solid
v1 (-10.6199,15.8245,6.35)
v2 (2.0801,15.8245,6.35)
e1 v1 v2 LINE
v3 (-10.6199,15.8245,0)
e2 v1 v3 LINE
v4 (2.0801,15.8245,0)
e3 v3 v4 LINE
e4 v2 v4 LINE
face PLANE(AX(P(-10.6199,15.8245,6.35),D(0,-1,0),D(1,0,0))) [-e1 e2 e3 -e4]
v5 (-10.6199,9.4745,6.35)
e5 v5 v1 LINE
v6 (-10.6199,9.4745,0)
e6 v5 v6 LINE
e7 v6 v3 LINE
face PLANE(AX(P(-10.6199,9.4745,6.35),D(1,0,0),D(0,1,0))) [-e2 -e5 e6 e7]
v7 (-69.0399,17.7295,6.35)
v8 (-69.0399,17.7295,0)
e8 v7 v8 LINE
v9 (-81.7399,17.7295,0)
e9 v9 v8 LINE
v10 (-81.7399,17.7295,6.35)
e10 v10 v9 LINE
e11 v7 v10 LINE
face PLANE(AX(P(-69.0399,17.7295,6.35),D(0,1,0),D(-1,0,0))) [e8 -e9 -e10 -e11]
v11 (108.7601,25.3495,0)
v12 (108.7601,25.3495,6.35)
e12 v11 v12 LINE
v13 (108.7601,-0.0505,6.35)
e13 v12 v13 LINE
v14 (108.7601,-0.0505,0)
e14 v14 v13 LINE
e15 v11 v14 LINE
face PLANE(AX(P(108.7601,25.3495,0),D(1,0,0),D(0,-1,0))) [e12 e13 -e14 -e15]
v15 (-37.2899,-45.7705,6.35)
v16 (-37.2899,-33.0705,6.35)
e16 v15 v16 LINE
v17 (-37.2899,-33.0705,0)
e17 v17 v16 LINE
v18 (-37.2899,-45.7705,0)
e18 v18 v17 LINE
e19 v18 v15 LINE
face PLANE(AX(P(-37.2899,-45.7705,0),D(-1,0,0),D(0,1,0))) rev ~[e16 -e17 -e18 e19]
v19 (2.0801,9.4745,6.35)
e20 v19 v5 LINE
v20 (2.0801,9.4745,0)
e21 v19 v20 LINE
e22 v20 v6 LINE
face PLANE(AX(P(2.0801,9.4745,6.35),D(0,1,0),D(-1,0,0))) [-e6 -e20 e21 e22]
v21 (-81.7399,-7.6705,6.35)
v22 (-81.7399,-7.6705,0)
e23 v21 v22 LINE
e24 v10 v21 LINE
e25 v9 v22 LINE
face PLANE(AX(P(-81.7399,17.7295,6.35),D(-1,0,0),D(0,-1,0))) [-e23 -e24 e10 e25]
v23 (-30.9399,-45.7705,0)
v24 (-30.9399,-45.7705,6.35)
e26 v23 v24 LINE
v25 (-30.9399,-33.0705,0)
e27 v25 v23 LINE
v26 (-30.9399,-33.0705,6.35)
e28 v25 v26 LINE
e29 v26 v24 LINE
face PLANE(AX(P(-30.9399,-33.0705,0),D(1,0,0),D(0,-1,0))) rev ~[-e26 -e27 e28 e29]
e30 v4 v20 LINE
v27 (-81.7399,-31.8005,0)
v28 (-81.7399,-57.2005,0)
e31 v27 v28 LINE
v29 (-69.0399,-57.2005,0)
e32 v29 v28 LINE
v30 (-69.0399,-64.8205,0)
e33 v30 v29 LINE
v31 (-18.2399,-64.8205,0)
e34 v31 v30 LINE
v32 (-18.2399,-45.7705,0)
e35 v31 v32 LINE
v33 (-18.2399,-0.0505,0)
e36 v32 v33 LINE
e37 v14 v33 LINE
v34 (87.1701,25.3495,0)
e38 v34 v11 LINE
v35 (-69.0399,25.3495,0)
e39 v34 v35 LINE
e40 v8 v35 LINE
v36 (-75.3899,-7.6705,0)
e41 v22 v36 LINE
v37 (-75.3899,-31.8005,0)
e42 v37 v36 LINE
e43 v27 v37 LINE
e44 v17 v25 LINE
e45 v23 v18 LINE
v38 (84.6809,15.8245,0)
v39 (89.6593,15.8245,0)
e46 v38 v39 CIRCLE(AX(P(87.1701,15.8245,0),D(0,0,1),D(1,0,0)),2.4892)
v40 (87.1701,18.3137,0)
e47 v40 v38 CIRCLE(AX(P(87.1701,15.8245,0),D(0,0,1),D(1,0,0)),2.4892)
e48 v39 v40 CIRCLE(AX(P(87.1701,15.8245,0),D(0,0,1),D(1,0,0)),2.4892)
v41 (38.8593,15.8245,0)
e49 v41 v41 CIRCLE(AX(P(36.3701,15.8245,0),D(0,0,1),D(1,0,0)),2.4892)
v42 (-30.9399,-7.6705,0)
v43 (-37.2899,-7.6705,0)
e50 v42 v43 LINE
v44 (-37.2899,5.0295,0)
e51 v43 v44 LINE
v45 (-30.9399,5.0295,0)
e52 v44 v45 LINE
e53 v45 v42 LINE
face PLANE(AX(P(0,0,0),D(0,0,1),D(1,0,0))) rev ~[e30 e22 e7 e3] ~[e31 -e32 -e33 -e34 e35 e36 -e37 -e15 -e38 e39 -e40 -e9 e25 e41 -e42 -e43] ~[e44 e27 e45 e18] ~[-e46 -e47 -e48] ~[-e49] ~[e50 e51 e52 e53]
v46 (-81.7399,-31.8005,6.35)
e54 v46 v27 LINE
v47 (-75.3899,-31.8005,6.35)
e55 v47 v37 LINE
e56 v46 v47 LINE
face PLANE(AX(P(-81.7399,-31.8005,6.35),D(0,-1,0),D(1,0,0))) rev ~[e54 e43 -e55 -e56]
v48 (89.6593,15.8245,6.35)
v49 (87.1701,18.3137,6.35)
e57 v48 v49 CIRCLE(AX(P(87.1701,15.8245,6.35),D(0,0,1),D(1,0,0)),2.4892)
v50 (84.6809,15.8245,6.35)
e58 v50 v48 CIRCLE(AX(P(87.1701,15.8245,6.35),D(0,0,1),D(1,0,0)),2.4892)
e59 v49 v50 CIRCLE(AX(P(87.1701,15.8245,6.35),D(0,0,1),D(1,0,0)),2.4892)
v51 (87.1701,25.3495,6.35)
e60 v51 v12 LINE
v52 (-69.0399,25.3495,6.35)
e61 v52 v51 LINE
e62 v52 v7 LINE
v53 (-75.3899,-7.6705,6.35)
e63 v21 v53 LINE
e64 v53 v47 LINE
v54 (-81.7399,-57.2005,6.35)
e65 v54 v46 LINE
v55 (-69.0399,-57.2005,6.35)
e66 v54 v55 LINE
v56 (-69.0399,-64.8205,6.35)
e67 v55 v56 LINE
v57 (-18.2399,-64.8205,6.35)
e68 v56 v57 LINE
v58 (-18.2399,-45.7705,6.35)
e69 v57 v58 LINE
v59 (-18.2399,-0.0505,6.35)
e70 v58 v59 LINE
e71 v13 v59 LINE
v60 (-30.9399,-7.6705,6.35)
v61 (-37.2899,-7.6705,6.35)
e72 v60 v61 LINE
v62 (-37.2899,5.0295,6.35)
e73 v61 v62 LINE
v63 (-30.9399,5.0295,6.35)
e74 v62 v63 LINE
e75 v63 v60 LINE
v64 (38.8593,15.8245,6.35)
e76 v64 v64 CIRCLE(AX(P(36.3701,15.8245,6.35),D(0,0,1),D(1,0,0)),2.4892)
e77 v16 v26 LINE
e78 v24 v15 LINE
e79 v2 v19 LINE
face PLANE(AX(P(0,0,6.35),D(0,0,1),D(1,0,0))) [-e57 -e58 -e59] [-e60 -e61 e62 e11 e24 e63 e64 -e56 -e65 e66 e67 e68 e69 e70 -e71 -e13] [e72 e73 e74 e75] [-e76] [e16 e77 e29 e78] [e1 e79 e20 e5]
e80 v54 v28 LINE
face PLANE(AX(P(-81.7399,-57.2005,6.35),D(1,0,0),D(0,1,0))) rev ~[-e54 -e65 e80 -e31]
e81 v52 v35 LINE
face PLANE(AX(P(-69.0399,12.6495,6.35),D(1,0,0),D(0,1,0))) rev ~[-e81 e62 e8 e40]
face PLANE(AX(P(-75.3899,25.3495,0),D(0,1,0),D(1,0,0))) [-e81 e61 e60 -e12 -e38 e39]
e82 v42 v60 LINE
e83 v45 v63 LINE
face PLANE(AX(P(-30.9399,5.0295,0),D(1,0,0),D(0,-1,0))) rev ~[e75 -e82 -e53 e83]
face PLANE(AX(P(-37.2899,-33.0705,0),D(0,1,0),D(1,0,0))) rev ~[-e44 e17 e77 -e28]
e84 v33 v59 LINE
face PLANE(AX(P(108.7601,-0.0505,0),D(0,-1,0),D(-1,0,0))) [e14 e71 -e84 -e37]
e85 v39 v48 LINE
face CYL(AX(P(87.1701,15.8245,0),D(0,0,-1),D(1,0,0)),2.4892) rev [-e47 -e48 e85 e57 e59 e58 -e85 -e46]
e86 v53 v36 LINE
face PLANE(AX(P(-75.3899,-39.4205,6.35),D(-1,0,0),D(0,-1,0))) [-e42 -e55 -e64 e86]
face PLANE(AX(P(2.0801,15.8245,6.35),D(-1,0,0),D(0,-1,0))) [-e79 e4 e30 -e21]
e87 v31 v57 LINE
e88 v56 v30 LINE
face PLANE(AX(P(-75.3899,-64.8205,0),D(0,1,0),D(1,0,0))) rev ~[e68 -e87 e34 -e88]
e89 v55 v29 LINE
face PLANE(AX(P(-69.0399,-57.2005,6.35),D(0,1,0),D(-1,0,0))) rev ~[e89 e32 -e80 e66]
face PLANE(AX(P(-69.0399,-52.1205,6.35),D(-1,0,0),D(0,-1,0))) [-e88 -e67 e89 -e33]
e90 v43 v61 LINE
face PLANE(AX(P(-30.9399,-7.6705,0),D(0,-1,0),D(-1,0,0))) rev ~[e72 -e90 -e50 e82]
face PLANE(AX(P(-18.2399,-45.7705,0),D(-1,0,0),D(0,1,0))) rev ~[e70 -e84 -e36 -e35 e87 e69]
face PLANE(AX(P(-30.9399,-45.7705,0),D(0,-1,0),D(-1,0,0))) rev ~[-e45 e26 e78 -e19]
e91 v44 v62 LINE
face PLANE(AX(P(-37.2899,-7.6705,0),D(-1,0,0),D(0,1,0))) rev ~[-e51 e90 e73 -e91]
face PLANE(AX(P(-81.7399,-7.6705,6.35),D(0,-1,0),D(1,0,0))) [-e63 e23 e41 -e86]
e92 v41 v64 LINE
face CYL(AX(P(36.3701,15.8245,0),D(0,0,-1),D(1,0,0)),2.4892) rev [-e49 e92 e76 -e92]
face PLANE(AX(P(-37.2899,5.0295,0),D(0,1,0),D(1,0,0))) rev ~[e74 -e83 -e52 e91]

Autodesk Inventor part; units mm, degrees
ref_plane "YZ Plane" through (0, 0, 0) normal (1, 0, 0) x (0, 1, 0)
ref_plane "XZ Plane" through (0, 0, 0) normal (0, 1, 0) x (-1, 0, 0)
ref_plane "XY Plane" through (0, 0, 0) normal (0, 0, 1) x (1, 0, 0)
sketch "Sketch2" plane through (0, 0, 0) normal (0, 0, 1) x (1, 0, 0)
  line L0 (-75.3899, 25.3495) -> (108.7601, 25.3495)
  line L1 (108.7601, 25.3495) -> (108.7601, -0.0505)
  line L2 (108.7601, -0.0505) -> (-18.2399, -0.0505)
  line L3 (-75.3899, 25.3495) -> (-75.3899, -64.8205)
  line L4 (-75.3899, -64.8205) -> (-18.2399, -64.8205)
  line L5 (-18.2399, -64.8205) -> (-18.2399, -0.0505)
  line L6 (-75.3899, 25.3495) -> (-81.7399, 25.3495)
  line L7 (-81.7399, 25.3495) -> (-81.7399, -0.0505)
  line L8 (-81.7399, -0.0505) -> (-75.3899, -0.0505)
  line L9 (-75.3899, -64.8205) -> (-81.7399, -64.8205)
  line L10 (-81.7399, -64.8205) -> (-81.7399, -39.4205)
  line L11 (-81.7399, -39.4205) -> (-75.3899, -39.4205)
  line L12 (108.7601, 25.3495) -> (87.1701, 25.3495)
  line L13 (87.1701, 25.3495) -> (87.1701, 15.8245)
  line L14 (87.1701, 15.8245) -> (36.3701, 15.8245)
  circle A0 centre (36.3701, 15.8245) radius 2.4892
  circle A1 centre (87.1701, 15.8245) radius 2.4892
  line L15 (-18.2399, -64.8205) -> (-18.2399, -45.7705)
  line L16 (-18.2399, -45.7705) -> (-37.2899, -45.7705)
  line L17 (-37.2899, -45.7705) -> (-37.2899, -33.0705)
  line L18 (-37.2899, -33.0705) -> (-30.9399, -33.0705)
  line L19 (-30.9399, -33.0705) -> (-30.9399, -7.6705)
  line L20 (-30.9399, -7.6705) -> (-37.2899, -7.6705)
  line L21 (-37.2899, -7.6705) -> (-37.2899, 5.0295)
  line L22 (-37.2899, 5.0295) -> (-30.9399, 5.0295)
  line L23 (-30.9399, 5.0295) -> (-30.9399, -7.6705)
  line L24 (-30.9399, -33.0705) -> (-30.9399, -45.7705)
  point P0 (0, 0)
  dimension "d5" = 184.15
  dimension "d6" = 25.4
  dimension "d7" = 127
  dimension "d8" = 90.17
  dimension "d9" = 6.35
  dimension "d10" = 25.4
  dimension "d11" = 25.4
  dimension "d12" = 21.59
  dimension "d13" = 9.525
  dimension "d14" = 50.8
  dimension "d15" = 4.9784
  dimension "d16" = 4.9784
  dimension "d17" = 19.05
  dimension "d18" = 19.05
  dimension "d19" = 12.7
  dimension "d20" = 6.35
  dimension "d21" = 25.4
  dimension "d22" = 6.35
  dimension "d23" = 12.7
extrude "Extrusion1" add sketch "Sketch2" along normal blind 6.35
sketch "Sketch3" plane through (0, 0, 6.35) normal (0, 0, 1) x (1, 0, 0)
  line L0 (-81.7399, 25.3495) -> (108.7601, 25.3495) projected
  line L1 (-81.7399, -0.0505) -> (-81.7399, 25.3495) projected
  line L2 (-75.3899, -0.0505) -> (-81.7399, -0.0505) projected
  line L3 (-81.7399, -39.4205) -> (-75.3899, -39.4205) projected
  line L4 (-81.7399, -64.8205) -> (-81.7399, -39.4205) projected
  line L5 (-18.2399, -64.8205) -> (-81.7399, -64.8205) projected
  line L6 (-75.3899, -0.0505) -> (-75.3899, 12.6495)
  line L7 (-75.3899, 12.6495) -> (-69.0399, 12.6495)
  line L8 (-69.0399, 12.6495) -> (-69.0399, 25.3495)
  line L9 (-75.3899, -39.4205) -> (-75.3899, -52.1205)
  line L10 (-75.3899, -52.1205) -> (-69.0399, -52.1205)
  line L11 (-69.0399, -52.1205) -> (-69.0399, -64.8205)
  point P0 (0, 0)
  dimension "d26" = 12.7
  dimension "d27" = 6.35
  dimension "d28" = 12.7
  dimension "d29" = 6.35
extrude "Extrusion2" cut sketch "Sketch3" against normal blind 25.4
sketch "Sketch4" plane through (0, 0, 6.35) normal (0, 0, 1) x (1, 0, 0)
  line L0 (-75.3899, 12.6495) -> (-75.3899, -52.1205) projected
  line L1 (-75.3899, -52.1205) -> (-69.0399, -52.1205) projected
  line L2 (-69.0399, -52.1205) -> (-69.0399, -64.8205) projected
  line L3 (-69.0399, 25.3495) -> (-69.0399, 12.6495) projected
  line L4 (-69.0399, 12.6495) -> (-75.3899, 12.6495) projected
  line L5 (-69.0399, 25.3495) -> (-69.0399, 17.7295)
  line L6 (-69.0399, 17.7295) -> (-81.7399, 17.7295)
  line L7 (-81.7399, 17.7295) -> (-81.7399, -7.6705)
  line L8 (-81.7399, -7.6705) -> (-75.3899, -7.6705)
  line L9 (-69.0399, -64.8205) -> (-69.0399, -57.2005)
  line L10 (-69.0399, -57.2005) -> (-81.7399, -57.2005)
  line L11 (-81.7399, -57.2005) -> (-81.7399, -31.8005)
  line L12 (-81.7399, -31.8005) -> (-75.3899, -31.8005)
  point P0 (0, 0)
  dimension "d32" = 7.62
  dimension "d33" = 12.7
  dimension "d34" = 25.4
  dimension "d35" = 7.62
  dimension "d36" = 12.7
  dimension "d37" = 25.4
extrude "Extrusion3" add sketch "Sketch4" against normal blind 25.4
sketch "Sketch5" plane through (0, 0, 6.35) normal (0, 0, 1) x (1, 0, 0)
  line L0 (-81.7399, -57.2005) -> (-69.0399, -57.2005) projected
  line L1 (-69.0399, 17.7295) -> (-81.7399, 17.7295) projected
  line L2 (-30.9399, -33.0705) -> (-30.9399, -45.7705) projected
  line L3 (-69.0399, 17.7295) -> (-69.0399, 15.1895)
  line L4 (-69.0399, 15.1895) -> (-75.3899, 15.1895)
  line L5 (-75.3899, 15.1895) -> (-75.3899, 17.7295)
  line L6 (-69.0399, -57.2005) -> (-69.0399, -54.6605)
  line L7 (-69.0399, -54.6605) -> (-75.3899, -54.6605)
  line L8 (-75.3899, -54.6605) -> (-75.3899, -57.2005)
  point P0 (0, 0)
  dimension "d40" = 2.54
  dimension "d41" = 2.54
extrude "Extrusion4" cut sketch "Sketch5" against normal blind 25.4
sketch "Sketch6" plane through (-81.7399, -7.6705, 6.35) normal (-1, 0, 0) x (0, 0, 1)
  line L0 (0, 25.4) -> (-25.4, 25.4) projected
  line L1 (0, 25.4) -> (-6.35, 25.4)
  line L2 (-6.35, 25.4) -> (-6.35, -76.2)
  line L3 (-6.35, -76.2) -> (-39.1891, -38.2837)
  line L4 (-39.1891, -38.2837) -> (-39.1891, 49.1671)
  line L5 (-39.1891, 49.1671) -> (-6.35, 49.1671)
  line L6 (-6.35, 49.1671) -> (-6.35, 25.4)
  point P0 (-6.35, 7.6705)
  dimension "d44" = 101.6
extrude "Extrusion5" cut sketch "Sketch6" against normal blind 25.4
sketch "Sketch7" plane through (0, 0, 6.35) normal (0, 0, 1) x (1, 0, 0)
  line L0 (-75.3899, 15.1895) -> (-75.3899, 17.7295) projected
  line L1 (-75.3899, -57.2005) -> (-75.3899, -54.6605) projected
  line L2 (-75.3899, -54.6605) -> (-69.0399, -54.6605) projected
  line L3 (-69.0399, -54.6605) -> (-69.0399, -64.8205) projected
  line L4 (-69.0399, 25.3495) -> (-69.0399, 15.1895) projected
  line L5 (-69.0399, 15.1895) -> (-75.3899, 15.1895) projected
  line L6 (-75.3899, 17.7295) -> (-69.0399, 17.7295)
  line L7 (-75.3899, -57.2005) -> (-69.0399, -57.2005)
  point P0 (0, 0)
extrude "Extrusion6" add sketch "Sketch7" against normal blind 6.35
sketch "Sketch8" plane through (0, 0, 6.35) normal (0, 0, 1) x (1, 0, 0)
  line L0 (108.7601, -0.0505) -> (-18.2399, -0.0505) projected
  line L1 (-69.0399, 25.3495) -> (108.7601, 25.3495) projected
  line L2 (108.7601, 25.3495) -> (14.7801, 25.3495)
  line L3 (14.7801, 25.3495) -> (14.7801, 9.4745)
  line L4 (14.7801, 9.4745) -> (14.7801, 15.8245)
  line L5 (14.7801, 15.8245) -> (2.0801, 15.8245)
  line L6 (2.0801, 15.8245) -> (2.0801, 9.4745)
  line L7 (2.0801, 9.4745) -> (-10.6199, 9.4745)
  line L8 (-10.6199, 9.4745) -> (-10.6199, 15.8245)
  line L9 (-10.6199, 15.8245) -> (2.0801, 15.8245)
  point P0 (0, 0)
  dimension "d49" = 93.98
  dimension "d50" = 15.875
  dimension "d51" = 6.35
  dimension "d52" = 12.7
  dimension "d53" = 12.7
extrude "Extrusion7" cut sketch "Sketch8" against normal blind 25.4
properties part number "side 2"
